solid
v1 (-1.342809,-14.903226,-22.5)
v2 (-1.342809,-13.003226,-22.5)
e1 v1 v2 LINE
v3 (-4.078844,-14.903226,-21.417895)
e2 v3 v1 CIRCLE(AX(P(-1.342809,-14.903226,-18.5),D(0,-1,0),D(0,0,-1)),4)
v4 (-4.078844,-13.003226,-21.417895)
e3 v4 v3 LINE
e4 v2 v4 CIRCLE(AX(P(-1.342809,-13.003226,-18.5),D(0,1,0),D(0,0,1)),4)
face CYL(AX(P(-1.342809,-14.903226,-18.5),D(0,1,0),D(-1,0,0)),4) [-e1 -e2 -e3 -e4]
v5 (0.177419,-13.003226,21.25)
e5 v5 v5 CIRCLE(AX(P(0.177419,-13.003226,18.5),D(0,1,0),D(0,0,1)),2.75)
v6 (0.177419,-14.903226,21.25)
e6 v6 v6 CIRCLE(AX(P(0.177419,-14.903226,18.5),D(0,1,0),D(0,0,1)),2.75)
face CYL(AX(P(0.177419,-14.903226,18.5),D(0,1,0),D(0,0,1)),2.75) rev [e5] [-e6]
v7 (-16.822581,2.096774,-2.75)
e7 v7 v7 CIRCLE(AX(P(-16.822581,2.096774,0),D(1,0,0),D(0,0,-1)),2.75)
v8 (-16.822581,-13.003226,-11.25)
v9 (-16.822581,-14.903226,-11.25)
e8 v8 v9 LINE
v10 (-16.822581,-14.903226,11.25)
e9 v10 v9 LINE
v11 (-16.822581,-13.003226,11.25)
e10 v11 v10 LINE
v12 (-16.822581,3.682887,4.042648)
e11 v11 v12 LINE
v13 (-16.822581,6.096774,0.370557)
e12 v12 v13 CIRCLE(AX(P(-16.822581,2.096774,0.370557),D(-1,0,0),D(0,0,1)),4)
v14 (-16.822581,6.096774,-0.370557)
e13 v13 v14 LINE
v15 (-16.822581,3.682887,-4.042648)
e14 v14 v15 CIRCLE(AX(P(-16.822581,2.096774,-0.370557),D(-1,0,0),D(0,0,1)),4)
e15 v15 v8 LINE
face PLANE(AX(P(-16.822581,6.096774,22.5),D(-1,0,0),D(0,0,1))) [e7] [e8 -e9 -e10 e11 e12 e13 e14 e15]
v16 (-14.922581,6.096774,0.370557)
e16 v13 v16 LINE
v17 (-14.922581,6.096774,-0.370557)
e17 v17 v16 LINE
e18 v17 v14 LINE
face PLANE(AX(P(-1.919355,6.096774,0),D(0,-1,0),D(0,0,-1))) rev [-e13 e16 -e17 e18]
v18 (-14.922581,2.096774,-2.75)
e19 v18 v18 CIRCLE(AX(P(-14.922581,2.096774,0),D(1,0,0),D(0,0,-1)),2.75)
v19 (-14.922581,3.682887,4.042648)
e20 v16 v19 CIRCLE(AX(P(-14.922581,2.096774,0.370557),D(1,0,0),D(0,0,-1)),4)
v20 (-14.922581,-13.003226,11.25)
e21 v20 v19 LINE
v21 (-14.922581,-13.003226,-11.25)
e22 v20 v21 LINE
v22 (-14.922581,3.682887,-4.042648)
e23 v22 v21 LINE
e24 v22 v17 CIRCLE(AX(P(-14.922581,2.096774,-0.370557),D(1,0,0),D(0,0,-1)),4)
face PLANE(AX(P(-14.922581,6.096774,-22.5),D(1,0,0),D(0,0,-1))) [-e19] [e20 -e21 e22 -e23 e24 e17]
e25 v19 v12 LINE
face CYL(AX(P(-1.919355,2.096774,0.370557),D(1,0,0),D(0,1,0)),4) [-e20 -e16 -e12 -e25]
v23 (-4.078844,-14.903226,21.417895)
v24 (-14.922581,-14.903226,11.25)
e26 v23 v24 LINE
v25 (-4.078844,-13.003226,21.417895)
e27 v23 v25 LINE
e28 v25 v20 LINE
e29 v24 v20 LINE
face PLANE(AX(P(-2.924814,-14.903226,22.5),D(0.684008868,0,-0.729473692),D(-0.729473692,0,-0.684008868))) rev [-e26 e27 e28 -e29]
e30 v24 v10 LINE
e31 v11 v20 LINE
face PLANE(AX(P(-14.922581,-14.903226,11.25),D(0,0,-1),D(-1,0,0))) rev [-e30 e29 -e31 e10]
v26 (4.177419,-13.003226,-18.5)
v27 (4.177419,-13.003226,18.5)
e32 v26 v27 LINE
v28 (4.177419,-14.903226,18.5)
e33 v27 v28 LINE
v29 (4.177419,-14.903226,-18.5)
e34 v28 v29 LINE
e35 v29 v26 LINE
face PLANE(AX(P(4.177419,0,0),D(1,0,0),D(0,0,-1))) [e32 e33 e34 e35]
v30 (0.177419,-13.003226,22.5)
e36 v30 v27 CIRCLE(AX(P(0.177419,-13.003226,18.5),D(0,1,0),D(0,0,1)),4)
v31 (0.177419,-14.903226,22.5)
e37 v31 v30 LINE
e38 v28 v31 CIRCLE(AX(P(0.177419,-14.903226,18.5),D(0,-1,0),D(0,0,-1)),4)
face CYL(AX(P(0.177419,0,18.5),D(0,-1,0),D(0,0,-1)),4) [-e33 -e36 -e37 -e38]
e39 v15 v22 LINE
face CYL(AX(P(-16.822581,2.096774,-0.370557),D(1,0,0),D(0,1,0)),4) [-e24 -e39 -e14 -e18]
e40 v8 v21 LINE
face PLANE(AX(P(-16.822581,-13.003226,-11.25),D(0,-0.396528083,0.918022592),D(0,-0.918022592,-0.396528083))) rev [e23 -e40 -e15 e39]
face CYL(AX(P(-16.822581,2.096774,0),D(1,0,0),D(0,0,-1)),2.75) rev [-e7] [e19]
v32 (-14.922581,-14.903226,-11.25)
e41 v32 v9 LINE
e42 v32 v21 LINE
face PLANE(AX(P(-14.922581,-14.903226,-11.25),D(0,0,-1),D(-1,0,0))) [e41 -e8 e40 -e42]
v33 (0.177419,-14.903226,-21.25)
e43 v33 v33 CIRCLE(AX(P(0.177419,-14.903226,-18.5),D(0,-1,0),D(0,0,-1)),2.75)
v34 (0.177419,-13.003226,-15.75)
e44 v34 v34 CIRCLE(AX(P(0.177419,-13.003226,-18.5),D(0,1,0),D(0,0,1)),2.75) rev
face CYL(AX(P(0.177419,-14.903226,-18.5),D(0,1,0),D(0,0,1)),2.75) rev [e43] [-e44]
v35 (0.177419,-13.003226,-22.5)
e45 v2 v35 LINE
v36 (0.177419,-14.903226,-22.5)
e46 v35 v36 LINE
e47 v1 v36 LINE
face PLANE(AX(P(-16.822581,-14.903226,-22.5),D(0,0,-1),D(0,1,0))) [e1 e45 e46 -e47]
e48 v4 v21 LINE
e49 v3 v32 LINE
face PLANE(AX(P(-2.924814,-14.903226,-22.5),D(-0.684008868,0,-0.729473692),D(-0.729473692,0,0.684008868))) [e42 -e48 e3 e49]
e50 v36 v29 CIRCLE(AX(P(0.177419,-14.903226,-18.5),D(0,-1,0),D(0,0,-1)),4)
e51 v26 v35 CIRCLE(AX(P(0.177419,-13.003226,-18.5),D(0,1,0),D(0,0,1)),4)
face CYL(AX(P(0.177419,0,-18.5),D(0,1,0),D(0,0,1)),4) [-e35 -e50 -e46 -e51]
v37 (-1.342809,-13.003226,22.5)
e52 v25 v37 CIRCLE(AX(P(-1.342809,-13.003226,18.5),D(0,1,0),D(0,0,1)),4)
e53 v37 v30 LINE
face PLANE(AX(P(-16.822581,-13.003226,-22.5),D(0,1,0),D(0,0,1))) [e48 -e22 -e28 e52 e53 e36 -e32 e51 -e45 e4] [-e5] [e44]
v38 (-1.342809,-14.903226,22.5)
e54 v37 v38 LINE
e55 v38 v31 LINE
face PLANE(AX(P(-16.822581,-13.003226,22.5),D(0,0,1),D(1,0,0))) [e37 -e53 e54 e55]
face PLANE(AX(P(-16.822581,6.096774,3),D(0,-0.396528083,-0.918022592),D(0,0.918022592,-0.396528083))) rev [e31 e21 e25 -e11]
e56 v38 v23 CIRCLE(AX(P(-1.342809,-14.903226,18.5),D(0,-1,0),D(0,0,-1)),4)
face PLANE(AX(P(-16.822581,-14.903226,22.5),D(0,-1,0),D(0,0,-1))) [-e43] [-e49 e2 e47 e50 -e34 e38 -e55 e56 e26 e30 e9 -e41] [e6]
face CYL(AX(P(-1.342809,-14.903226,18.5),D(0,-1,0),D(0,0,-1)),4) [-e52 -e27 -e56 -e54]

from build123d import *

# Parameters (mm, degrees)
ESBO_O3_W                  = 45
ESBO_O3_H                  = 1.9
CORTE_EXTRUS_O1_DEPTH      = 34.063063068
CORTE_EXTRUS_O1_DEPTH_BACK = 34.063063068
ESBO_O4_R                  = 2.75
ESBO_O5_R                  = 2.75
CORTE_EXTRUS_O2_DEPTH      = 34.971447122
FILETE1_R                  = 4


with BuildPart() as part:
    # Varredura2: sweep along a path in Esboço1
    with BuildLine(Plane.XY) as varredura2_path:
        Line((-16.822580645, 6.096774194), (-16.822580645, -14.903225806))
        Line((-16.822580645, -14.903225806), (4.177419355, -14.903225806))
    # Esboço3 → Varredura2 (sweep)
    with BuildSketch(Plane(origin=(4.177419355, 0, 0), x_dir=(0, 0, -1), z_dir=(1, 0, 0))):
        with Locations((0, -13.953225806)):
            Rectangle(ESBO_O3_W, ESBO_O3_H)
    sweep(path=varredura2_path.line, transition=Transition.RIGHT)

    # Esboço4 → Corte-extrusão1 (cut, two sides: drawn at the far end of the back side and taken through both)
    with BuildSketch(Plane(origin=(-14.922580645, 0, 0), x_dir=(0, 0, -1), z_dir=(1, 0, 0)).offset(-CORTE_EXTRUS_O1_DEPTH_BACK)):
        with Locations((0, 2.096774194)):
            Circle(ESBO_O4_R)
        Polygon((0, 6.096774194), (-3, 6.096774194), (-11.25, -13.003225806), (-24.249816644, -13.003225806), (-24.249816644, 8.86202898), (24.249816644, 8.86202898), (24.249816644, -13.003225806), (11.25, -13.003225806), (3, 6.096774194), align=None)
    extrude(amount=CORTE_EXTRUS_O1_DEPTH + CORTE_EXTRUS_O1_DEPTH_BACK, mode=Mode.SUBTRACT)

    # Esboço5 → Corte-extrusão2 (cut, symmetric)
    with BuildSketch(Plane(origin=(0, -13.003225806, 0), x_dir=(1, 0, 0), z_dir=(0, 1, 0))):
        with Locations(Location((0.177419355, -18.5, 0), (0, 0, 270))):
            Circle(ESBO_O5_R)
        Polygon((-14.922580645, -11.25), (-18.889664127, -11.25), (-18.889664127, -25.413435485), (7.454666431, -25.413435485), (7.454666431, -2.187603421), (4.177419355, -2.187603421), (4.177419355, -22.5), (-2.92481363, -22.5), align=None)
    corte_extrus_o2 = extrude(amount=CORTE_EXTRUS_O2_DEPTH, both=True, mode=Mode.SUBTRACT)

    # Espelhar1: Corte-extrusão2 across plane
    add(corte_extrus_o2.mirror(Plane.XY), mode=Mode.SUBTRACT)

    # Filete1
    filete1_edges = [part.edges().sort_by_distance(p)[0] for p in [
        (4.177419355, -13.953225806, -22.5),
        (4.177419355, -13.953225806, 22.5),
        (-2.92481363, -13.953225806, -22.5),
        (-15.872580645, 6.096774194, -3),
        (-15.872580645, 6.096774194, 3),
        (-2.92481363, -13.953225806, 22.5),
    ]]
    fillet(filete1_edges, radius=FILETE1_R)


solid = part.part
